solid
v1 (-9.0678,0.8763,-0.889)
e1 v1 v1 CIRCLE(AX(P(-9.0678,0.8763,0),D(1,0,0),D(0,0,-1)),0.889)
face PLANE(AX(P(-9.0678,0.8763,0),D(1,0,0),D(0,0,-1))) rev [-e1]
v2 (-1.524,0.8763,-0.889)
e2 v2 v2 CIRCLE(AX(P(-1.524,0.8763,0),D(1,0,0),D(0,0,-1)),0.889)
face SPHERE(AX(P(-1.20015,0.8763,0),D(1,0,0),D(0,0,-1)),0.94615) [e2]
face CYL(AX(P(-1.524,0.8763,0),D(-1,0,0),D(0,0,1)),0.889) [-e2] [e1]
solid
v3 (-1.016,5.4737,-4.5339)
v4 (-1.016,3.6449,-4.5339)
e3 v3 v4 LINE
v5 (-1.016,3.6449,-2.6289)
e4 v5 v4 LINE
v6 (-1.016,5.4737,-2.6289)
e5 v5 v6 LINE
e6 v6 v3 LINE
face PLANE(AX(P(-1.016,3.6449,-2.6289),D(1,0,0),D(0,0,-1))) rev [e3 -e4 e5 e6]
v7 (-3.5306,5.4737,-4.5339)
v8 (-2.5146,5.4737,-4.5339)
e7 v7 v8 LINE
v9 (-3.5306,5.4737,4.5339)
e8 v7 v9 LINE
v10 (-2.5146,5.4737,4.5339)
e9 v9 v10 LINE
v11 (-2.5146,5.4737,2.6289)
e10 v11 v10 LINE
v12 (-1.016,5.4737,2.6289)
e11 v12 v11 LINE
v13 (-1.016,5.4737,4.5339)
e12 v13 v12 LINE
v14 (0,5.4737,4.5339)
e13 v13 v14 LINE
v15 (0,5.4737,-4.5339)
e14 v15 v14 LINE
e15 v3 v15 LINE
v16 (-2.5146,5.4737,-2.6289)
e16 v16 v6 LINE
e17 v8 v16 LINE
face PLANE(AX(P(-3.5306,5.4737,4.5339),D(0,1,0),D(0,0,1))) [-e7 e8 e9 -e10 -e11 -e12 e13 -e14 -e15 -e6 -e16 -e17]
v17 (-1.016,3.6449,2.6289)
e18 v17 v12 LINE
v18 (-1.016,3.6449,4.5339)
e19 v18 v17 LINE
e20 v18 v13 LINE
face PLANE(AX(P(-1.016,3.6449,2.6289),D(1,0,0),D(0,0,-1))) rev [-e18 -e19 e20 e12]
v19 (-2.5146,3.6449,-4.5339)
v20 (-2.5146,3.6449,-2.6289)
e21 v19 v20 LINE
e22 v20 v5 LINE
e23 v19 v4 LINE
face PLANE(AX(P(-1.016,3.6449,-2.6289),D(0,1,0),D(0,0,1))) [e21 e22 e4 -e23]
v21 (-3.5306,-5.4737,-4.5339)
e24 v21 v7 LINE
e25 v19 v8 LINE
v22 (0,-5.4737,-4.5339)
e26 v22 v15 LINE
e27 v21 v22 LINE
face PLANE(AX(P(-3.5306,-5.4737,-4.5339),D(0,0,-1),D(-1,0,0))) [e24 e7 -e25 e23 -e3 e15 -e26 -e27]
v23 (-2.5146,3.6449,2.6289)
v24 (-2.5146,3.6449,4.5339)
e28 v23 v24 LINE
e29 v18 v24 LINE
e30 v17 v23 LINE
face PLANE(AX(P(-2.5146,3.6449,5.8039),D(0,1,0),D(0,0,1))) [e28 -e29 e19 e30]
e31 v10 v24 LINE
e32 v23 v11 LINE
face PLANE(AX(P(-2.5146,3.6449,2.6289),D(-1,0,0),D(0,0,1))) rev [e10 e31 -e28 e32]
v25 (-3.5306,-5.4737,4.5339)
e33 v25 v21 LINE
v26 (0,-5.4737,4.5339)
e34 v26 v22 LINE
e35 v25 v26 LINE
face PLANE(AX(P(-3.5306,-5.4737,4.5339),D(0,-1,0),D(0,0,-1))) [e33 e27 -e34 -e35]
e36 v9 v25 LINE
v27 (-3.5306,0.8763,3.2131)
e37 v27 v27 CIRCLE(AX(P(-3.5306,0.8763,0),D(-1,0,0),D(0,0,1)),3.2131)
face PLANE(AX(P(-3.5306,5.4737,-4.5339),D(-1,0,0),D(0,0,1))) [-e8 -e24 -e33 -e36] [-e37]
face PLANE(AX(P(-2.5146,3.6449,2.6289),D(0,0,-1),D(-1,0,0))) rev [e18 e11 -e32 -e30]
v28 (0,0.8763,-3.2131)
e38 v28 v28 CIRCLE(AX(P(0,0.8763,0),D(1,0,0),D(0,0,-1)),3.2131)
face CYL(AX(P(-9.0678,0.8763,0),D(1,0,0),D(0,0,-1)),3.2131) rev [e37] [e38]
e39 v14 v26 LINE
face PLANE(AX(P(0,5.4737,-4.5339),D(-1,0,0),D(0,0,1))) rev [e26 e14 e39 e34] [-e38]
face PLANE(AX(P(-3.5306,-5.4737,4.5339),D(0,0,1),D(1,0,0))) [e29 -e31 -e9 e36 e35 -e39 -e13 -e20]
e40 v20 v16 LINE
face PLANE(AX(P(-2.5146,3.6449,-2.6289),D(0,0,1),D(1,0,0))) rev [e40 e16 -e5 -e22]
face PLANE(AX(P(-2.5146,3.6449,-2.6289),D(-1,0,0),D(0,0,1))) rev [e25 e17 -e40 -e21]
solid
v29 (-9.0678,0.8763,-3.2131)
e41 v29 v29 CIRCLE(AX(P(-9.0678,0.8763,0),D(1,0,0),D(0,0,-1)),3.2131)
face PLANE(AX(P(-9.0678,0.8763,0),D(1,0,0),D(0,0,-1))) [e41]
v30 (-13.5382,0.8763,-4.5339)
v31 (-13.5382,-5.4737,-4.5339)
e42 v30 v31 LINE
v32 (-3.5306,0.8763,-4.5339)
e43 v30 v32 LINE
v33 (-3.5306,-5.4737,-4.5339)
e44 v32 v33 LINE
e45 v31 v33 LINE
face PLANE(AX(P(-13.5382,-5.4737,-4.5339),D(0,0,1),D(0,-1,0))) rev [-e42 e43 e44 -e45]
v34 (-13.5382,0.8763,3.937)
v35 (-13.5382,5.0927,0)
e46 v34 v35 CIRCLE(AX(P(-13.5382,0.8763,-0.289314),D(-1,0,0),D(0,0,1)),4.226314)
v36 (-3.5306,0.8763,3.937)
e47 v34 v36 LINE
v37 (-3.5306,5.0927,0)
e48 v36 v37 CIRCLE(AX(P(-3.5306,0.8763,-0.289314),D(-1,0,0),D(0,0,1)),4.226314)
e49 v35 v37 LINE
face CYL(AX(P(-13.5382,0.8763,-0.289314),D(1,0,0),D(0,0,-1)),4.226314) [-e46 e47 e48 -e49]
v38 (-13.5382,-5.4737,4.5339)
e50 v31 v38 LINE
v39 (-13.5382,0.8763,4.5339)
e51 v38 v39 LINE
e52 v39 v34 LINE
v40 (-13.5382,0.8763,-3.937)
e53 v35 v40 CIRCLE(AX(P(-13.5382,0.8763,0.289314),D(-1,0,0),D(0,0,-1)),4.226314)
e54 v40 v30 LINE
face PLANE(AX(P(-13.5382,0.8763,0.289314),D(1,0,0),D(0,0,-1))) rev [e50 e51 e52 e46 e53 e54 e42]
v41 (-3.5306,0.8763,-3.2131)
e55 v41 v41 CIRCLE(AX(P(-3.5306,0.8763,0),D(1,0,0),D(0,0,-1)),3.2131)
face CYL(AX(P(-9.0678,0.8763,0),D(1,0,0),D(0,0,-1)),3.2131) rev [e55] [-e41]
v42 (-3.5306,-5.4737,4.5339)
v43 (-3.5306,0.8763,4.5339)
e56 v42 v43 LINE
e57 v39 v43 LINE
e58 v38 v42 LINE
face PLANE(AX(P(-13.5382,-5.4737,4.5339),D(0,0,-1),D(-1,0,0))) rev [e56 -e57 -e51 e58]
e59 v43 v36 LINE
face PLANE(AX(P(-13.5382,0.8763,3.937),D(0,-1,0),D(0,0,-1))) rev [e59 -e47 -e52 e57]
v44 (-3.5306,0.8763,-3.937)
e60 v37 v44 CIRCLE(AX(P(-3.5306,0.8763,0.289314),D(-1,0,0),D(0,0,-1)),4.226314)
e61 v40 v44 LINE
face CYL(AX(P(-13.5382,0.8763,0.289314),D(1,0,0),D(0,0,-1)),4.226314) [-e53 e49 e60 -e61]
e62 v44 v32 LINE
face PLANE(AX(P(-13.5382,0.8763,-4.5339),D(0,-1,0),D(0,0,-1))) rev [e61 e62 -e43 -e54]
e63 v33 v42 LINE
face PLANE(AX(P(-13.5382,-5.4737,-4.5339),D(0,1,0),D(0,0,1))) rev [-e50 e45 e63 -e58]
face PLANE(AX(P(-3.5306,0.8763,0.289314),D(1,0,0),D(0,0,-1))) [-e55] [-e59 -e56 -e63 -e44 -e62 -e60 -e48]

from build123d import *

# Parameters (mm, degrees)
SKETCH1_W         = 9.0678
SKETCH1_H         = 10.9474
EXTRUDE1_DEPTH    = 3.5306
EXTRUDE2_DEPTH    = 10.0076
SKETCH3_R         = 3.2131
EXTRUDE3_DEPTH    = 9.0678
SKETCH4_R         = 0.889
EXTRUDE4_DEPTH    = 7.5438
DOME1_FACE_RADIUS = 0.889
DOME1_HEIGHT      = 1.27
SKETCH5_W         = 1.4986
SKETCH5_H         = 3.175
EXTRUDE5_DEPTH    = 1.8288


with BuildPart() as part:
    # Sketch1 → Extrude1 (new body)
    with BuildSketch(Plane(origin=(0, 0, 0), x_dir=(0, 0, -1), z_dir=(1, 0, 0))):
        Rectangle(SKETCH1_W, SKETCH1_H)
    extrude(amount=-EXTRUDE1_DEPTH)


with BuildPart() as body_2:
    # Sketch2 → Extrude2 (new body)
    with BuildSketch(Plane.ZY.offset(3.5306)):
        with BuildLine():
            Line((-4.5339, -5.4737), (4.5339, -5.4737))
            Line((4.5339, -5.4737), (4.5339, 0.8763))
            Line((4.5339, 0.8763), (3.937, 0.8763))
            ThreePointArc((3.937, 0.8763), (2.799736174, 3.760654259), (0, 5.0927))
            ThreePointArc((0, 5.0927), (-2.799736174, 3.760654259), (-3.937, 0.8763))
            Line((-3.937, 0.8763), (-4.5339, 0.8763))
            Line((-4.5339, 0.8763), (-4.5339, -5.4737))
        make_face()
    extrude(amount=EXTRUDE2_DEPTH)


with BuildPart() as extrude3_tool:
    # Sketch3 → Extrude3 (new body)
    with BuildSketch(Plane(origin=(0, 0, 0), x_dir=(0, 0, -1), z_dir=(1, 0, 0))):
        with Locations((0, 0.8763)):
            Circle(SKETCH3_R)
    extrude(amount=-EXTRUDE3_DEPTH)


with BuildPart() as part_1:
    add(part.part)

    # Extrude3: cut by extrude3_tool
    add(extrude3_tool.part, mode=Mode.SUBTRACT)

    # Sketch5 → Extrude5 (cut)
    with BuildSketch(Plane(origin=(0, 5.4737, 0), x_dir=(1, 0, 0), z_dir=(0, 1, 0))):
        with Locations((-1.7653, -4.2164)):
            Rectangle(SKETCH5_W, SKETCH5_H)
        with Locations((-1.7653, 4.2164)):
            Rectangle(SKETCH5_W, SKETCH5_H)
    extrude(amount=-EXTRUDE5_DEPTH, mode=Mode.SUBTRACT)


with BuildPart() as body_2_1:
    add(body_2.part)

    # Extrude3: cut by extrude3_tool
    add(extrude3_tool.part, mode=Mode.SUBTRACT)


with BuildPart() as body_3:
    # Sketch4 → Extrude4 (new body)
    with BuildSketch(Plane(origin=(-9.0678, 0, 0), x_dir=(0, 0, -1), z_dir=(1, 0, 0))):
        with Locations((0, 0.8763)):
            Circle(SKETCH4_R)
    extrude(amount=EXTRUDE4_DEPTH)

    # Dome1: a dome of height H over a round flat face of radius A is a cap of a sphere of radius (A * A + H * H) / (2 * H)
    dome1_r = (DOME1_FACE_RADIUS * DOME1_FACE_RADIUS + DOME1_HEIGHT * DOME1_HEIGHT) / (2 * DOME1_HEIGHT)
    dome1_base = Plane((-1.524, 0.8763, 0), z_dir=(1, 0, 0))
    with Locations(dome1_base.offset(DOME1_HEIGHT - dome1_r)):
        dome1_ball = Sphere(dome1_r, mode=Mode.PRIVATE)
    add(split(dome1_ball, bisect_by=dome1_base, keep=Keep.TOP, mode=Mode.PRIVATE))


solid = Compound([part_1.part, body_2_1.part, body_3.part])
